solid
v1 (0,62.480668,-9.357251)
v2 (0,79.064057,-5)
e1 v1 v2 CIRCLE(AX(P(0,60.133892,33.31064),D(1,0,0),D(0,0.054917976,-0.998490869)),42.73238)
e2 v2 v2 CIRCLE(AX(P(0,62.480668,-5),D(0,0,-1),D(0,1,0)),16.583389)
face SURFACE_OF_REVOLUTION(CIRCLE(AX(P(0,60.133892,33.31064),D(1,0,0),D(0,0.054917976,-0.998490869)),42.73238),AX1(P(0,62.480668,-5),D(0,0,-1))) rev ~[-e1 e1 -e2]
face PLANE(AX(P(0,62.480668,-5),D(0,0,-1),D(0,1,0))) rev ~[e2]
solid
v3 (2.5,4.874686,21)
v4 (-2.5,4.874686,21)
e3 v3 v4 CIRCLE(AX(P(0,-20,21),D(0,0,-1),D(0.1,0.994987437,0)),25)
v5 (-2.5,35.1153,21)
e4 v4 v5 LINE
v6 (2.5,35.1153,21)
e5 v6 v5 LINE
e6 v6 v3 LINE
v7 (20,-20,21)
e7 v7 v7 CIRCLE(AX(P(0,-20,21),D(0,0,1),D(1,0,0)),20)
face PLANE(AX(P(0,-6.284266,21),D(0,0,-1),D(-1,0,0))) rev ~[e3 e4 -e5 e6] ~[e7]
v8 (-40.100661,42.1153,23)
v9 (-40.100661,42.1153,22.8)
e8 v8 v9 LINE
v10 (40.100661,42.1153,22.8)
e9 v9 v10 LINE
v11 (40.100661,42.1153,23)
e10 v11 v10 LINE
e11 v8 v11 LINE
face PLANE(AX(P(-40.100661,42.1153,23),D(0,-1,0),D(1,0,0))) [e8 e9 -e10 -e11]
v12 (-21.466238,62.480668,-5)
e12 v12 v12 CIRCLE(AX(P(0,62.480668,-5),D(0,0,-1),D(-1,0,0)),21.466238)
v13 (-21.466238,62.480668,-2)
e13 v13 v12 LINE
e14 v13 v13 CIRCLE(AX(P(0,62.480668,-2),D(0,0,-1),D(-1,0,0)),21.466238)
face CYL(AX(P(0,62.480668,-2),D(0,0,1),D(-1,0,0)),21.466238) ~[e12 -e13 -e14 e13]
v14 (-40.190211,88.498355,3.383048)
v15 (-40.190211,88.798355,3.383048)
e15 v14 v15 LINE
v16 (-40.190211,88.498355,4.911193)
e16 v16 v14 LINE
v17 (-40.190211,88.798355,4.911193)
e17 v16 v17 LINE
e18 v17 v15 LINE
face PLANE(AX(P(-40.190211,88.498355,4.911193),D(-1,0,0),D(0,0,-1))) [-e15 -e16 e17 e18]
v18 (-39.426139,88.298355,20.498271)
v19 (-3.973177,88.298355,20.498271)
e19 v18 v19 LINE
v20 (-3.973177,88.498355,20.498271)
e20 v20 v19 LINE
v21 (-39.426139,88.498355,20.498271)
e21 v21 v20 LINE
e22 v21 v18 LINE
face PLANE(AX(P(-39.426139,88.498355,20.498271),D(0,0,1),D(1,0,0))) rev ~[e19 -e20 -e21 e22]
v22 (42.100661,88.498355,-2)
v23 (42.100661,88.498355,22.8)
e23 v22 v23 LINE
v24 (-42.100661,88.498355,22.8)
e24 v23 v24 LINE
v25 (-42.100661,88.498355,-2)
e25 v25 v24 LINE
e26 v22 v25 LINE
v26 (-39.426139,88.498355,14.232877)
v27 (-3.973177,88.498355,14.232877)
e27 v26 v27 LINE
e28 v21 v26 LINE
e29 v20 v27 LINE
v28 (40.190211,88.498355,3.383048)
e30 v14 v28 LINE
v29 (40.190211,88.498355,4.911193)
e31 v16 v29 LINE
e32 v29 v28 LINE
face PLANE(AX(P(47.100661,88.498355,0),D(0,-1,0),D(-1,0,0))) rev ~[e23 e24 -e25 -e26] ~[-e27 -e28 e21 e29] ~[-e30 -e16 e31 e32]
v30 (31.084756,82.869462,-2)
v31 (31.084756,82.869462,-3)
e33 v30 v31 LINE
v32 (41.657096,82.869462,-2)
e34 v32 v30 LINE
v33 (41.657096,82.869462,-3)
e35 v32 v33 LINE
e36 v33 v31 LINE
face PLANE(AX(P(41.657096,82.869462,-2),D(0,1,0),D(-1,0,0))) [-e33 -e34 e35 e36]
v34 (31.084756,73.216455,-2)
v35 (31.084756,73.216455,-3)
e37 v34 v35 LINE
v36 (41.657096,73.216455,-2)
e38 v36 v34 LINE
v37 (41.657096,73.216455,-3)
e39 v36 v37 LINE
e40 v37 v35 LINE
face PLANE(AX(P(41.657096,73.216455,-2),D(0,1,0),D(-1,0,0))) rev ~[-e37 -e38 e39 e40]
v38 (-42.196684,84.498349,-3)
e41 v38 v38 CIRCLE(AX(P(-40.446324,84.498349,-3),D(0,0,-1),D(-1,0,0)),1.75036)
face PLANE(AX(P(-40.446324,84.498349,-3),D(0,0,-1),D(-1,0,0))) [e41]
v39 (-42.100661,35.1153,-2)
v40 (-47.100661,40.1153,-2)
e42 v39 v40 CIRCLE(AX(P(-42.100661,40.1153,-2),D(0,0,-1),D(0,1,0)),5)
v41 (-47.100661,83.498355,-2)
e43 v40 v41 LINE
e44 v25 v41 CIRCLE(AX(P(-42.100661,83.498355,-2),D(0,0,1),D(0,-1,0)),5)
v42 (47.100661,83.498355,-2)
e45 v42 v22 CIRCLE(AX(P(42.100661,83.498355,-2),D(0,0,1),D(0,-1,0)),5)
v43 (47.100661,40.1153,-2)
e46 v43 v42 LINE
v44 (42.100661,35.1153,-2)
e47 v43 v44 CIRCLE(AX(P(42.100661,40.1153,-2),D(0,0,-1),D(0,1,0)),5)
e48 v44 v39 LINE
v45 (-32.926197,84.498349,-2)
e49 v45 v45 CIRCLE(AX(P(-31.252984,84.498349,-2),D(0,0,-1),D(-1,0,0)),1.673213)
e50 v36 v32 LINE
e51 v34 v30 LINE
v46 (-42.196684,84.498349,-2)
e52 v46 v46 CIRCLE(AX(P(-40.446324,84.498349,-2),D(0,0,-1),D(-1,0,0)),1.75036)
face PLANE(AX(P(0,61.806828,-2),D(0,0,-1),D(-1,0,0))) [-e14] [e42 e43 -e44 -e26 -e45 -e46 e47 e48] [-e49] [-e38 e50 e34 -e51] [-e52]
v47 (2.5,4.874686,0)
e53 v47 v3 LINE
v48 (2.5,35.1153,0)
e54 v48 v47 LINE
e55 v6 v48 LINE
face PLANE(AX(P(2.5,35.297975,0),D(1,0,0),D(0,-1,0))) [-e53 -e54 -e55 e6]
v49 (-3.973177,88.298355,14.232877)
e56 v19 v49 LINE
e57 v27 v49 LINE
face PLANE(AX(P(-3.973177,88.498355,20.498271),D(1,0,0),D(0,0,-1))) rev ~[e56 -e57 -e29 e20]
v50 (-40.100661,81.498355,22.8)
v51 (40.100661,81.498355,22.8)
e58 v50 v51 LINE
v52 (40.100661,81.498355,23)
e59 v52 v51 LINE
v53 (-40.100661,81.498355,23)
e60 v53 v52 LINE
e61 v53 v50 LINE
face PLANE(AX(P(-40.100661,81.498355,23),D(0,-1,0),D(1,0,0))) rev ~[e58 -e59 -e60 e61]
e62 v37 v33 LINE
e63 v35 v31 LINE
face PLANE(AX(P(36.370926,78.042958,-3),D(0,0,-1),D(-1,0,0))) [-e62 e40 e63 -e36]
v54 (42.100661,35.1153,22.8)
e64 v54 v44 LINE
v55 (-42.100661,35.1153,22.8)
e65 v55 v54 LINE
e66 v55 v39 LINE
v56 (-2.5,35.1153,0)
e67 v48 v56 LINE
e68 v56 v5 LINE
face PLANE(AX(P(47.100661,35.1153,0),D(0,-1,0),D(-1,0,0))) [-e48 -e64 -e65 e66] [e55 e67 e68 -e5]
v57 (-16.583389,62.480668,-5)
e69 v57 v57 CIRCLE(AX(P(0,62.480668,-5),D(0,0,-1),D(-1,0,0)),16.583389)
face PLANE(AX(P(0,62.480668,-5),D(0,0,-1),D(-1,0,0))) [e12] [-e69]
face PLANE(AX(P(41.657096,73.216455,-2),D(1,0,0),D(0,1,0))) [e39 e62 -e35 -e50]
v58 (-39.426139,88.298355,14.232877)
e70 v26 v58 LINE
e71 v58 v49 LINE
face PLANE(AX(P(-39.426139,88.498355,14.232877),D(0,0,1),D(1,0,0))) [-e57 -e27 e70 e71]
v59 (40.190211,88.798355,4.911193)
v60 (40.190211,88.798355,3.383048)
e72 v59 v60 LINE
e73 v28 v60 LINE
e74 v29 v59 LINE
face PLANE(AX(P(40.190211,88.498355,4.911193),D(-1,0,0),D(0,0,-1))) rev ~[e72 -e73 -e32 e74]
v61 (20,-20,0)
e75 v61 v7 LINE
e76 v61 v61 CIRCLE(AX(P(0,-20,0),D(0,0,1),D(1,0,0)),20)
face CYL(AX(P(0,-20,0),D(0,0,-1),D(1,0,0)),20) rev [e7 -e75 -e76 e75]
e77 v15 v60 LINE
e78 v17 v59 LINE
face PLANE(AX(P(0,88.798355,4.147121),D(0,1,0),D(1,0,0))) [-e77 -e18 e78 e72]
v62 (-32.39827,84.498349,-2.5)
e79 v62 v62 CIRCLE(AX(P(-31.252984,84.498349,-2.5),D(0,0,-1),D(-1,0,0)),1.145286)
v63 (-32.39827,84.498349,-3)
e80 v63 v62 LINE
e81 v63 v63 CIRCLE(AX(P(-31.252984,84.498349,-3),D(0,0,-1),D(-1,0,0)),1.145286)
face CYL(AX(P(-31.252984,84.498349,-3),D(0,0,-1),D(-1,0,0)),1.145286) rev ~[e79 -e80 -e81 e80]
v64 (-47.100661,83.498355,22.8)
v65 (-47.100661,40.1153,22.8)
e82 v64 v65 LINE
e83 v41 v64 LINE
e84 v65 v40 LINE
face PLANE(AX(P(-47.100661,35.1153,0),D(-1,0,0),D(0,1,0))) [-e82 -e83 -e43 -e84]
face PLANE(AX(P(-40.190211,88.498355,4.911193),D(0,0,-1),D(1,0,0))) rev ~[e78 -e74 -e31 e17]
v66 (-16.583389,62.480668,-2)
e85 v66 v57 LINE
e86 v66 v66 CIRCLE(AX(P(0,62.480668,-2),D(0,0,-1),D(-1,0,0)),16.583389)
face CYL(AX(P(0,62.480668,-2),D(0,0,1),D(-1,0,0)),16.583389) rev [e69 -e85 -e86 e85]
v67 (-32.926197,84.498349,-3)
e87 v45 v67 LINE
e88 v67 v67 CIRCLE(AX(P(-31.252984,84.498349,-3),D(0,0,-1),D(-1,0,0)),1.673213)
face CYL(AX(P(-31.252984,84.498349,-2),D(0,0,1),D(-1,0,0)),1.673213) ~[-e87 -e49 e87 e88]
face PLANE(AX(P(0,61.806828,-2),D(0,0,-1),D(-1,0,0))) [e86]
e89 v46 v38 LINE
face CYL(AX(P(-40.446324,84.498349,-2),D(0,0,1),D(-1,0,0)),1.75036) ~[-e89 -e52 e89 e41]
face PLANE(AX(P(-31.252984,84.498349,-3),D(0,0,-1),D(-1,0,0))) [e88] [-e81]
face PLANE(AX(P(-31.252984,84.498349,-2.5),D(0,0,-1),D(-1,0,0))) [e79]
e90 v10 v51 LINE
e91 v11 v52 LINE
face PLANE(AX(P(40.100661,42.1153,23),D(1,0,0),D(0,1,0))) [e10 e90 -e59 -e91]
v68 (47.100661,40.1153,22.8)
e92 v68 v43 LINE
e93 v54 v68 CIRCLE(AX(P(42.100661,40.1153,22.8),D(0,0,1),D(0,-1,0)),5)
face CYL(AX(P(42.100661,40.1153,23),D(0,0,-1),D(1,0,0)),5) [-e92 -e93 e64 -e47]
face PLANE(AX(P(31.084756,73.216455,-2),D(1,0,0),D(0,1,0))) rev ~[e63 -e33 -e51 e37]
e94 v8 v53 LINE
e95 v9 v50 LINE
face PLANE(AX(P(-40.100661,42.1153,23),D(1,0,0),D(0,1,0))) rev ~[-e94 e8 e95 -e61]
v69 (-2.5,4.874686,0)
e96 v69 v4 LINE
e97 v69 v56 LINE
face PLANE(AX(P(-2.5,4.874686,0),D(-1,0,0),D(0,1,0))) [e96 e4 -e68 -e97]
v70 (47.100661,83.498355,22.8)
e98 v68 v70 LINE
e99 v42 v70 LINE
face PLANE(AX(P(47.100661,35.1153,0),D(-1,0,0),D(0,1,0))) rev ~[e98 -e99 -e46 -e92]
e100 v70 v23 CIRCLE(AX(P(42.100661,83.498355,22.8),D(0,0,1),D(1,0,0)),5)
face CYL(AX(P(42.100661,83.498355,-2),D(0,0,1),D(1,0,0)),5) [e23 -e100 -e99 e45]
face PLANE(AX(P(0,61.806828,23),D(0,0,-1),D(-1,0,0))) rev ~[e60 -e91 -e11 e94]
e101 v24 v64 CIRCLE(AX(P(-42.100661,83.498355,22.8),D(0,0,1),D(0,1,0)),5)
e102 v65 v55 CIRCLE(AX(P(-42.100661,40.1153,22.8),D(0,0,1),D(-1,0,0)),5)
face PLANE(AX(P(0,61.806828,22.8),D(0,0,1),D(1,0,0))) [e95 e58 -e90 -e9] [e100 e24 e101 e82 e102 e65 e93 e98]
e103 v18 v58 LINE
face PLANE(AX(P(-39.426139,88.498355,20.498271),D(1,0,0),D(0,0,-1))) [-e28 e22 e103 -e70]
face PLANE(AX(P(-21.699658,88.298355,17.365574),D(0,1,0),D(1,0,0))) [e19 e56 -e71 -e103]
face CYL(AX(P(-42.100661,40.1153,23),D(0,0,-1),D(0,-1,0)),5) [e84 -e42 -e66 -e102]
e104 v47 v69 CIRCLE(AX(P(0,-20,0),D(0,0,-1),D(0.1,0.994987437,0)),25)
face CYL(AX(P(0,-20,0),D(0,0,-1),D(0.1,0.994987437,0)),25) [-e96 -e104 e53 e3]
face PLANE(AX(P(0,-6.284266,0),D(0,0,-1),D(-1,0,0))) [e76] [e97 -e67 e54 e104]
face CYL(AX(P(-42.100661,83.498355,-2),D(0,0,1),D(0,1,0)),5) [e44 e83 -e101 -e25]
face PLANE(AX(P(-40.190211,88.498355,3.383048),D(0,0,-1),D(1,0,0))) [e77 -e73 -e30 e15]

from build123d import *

# Parameters (mm, degrees)
SKETCH1_R                = 20
BOSS_EXTRUDE1_DEPTH      = 21
SKETCH2_W                = 94.201321488
SKETCH2_H                = 53.383054243
BOSS_EXTRUDE2_DEPTH      = 2
BOSS_EXTRUDE2_DEPTH_BACK = 23
SKETCH3_R                = 21.466238287
SKETCH3_R_2              = 16.583389224
BOSS_EXTRUDE3_DEPTH      = 3
SKETCH5_R                = 1.673213121
SKETCH5_R_2              = 1.750359772
SKETCH5_W                = 10.5723409
SKETCH5_H                = 9.65300691
BOSS_EXTRUDE4_DEPTH      = 1
SKETCH6_R                = 1.145286075
CUT_EXTRUDE1_DEPTH       = 0.5
FILLET1_R                = 5
SKETCH7_W                = 80.380422704
SKETCH7_H                = 1.528144919
BOSS_EXTRUDE5_DEPTH      = 0.3
SKETCH8_W                = 35.452962105
SKETCH8_H                = 6.265394165
CUT_EXTRUDE2_DEPTH       = 0.2
SKETCH9_W                = 80.201321488
SKETCH9_H                = 39.383054243
CUT_EXTRUDE3_DEPTH       = 0.2


with BuildPart() as part:
    # Sketch1 → Boss-Extrude1 (new body)
    with BuildSketch(Plane.XY):
        with BuildLine():
            Line((-2.5, 4.874685928), (-2.5, 35.297974782))
            Line((-2.5, 35.297974782), (2.5, 35.297974782))
            Line((2.5, 35.297974782), (2.5, 4.874685928))
            ThreePointArc((2.5, 4.874685928), (0, -45), (-2.5, 4.874685928))
        make_face()
        with Locations((0, -20)):
            Circle(SKETCH1_R, mode=Mode.SUBTRACT)
    extrude(amount=BOSS_EXTRUDE1_DEPTH)

    # Sketch2 → Boss-Extrude2 (add, two sides)
    with BuildSketch(Plane(origin=(0, 0, 0), x_dir=(-1, 0, 0), z_dir=(0, 0, -1))) as boss_extrude2_sk:
        with Locations((0, 61.80682757)):
            Rectangle(SKETCH2_W, SKETCH2_H)
    extrude(amount=BOSS_EXTRUDE2_DEPTH)
    extrude(boss_extrude2_sk.sketch, amount=-BOSS_EXTRUDE2_DEPTH_BACK)

    # Sketch3 → Boss-Extrude3 (add)
    with BuildSketch(Plane(origin=(0, 0, -2), x_dir=(-1, 0, 0), z_dir=(0, 0, -1))):
        with Locations((0, 62.480667846)):
            Circle(SKETCH3_R)
        with Locations((0, 62.480667846)):
            Circle(SKETCH3_R_2, mode=Mode.SUBTRACT)
    extrude(amount=BOSS_EXTRUDE3_DEPTH)

    # Sketch5 → Boss-Extrude4 (add)
    with BuildSketch(Plane(origin=(0, 0, -2), x_dir=(-1, 0, 0), z_dir=(0, 0, -1))):
        with Locations((31.252984021, 84.498349336)):
            Circle(SKETCH5_R)
        with Locations((40.446323934, 84.498349336)):
            Circle(SKETCH5_R_2)
        with Locations((-36.370926049, 78.042958424)):
            Rectangle(SKETCH5_W, SKETCH5_H)
    extrude(amount=BOSS_EXTRUDE4_DEPTH)

    # Sketch6 → Cut-Extrude1 (cut)
    with BuildSketch(Plane(origin=(0, 0, -3), x_dir=(-1, 0, 0), z_dir=(0, 0, -1))):
        with Locations((31.252984021, 84.498349336)):
            Circle(SKETCH6_R)
    extrude(amount=-CUT_EXTRUDE1_DEPTH, mode=Mode.SUBTRACT)

    # Fillet1
    fillet1_edges = [part.edges().sort_by_distance(p)[0] for p in [
        (47.100660744, 35.115300448, 10.5),
        (-47.100660744, 35.115300448, 10.5),
        (-47.100660744, 88.498354691, 10.5),
        (47.100660744, 88.498354691, 10.5),
    ]]
    fillet(fillet1_edges, radius=FILLET1_R)

    # Sketch7 → Boss-Extrude5 (add)
    with BuildSketch(Plane(origin=(0, 88.498354691, 0), x_dir=(1, 0, 0), z_dir=(0, 1, 0))):
        with Locations((0, -4.147120871)):
            Rectangle(SKETCH7_W, SKETCH7_H)
    extrude(amount=BOSS_EXTRUDE5_DEPTH)

    # Sketch8 → Cut-Extrude2 (cut)
    with BuildSketch(Plane(origin=(0, 88.498354691, 0), x_dir=(1, 0, 0), z_dir=(0, 1, 0))):
        with Locations((-21.699657841, -17.365574415)):
            Rectangle(SKETCH8_W, SKETCH8_H)
    extrude(amount=-CUT_EXTRUDE2_DEPTH, mode=Mode.SUBTRACT)

    # Sketch9 → Cut-Extrude3 (cut)
    with BuildSketch(Plane.XY.offset(23)):
        with BuildLine():
            Line((-47.100660744, 83.498354691), (-47.100660744, 40.115300448))
            ThreePointArc((-47.100660744, 40.115300448), (-45.63619465, 36.579766542), (-42.100660744, 35.115300448))
            Line((-42.100660744, 35.115300448), (42.100660744, 35.115300448))
            ThreePointArc((42.100660744, 35.115300448), (45.63619465, 36.579766542), (47.100660744, 40.115300448))
            Line((47.100660744, 40.115300448), (47.100660744, 83.498354691))
            ThreePointArc((47.100660744, 83.498354691), (45.63619465, 87.033888597), (42.100660744, 88.498354691))
            Line((42.100660744, 88.498354691), (-42.100660744, 88.498354691))
            ThreePointArc((-42.100660744, 88.498354691), (-45.63619465, 87.033888597), (-47.100660744, 83.498354691))
        make_face()
        with Locations((0, 61.80682757)):
            Rectangle(SKETCH9_W, SKETCH9_H, mode=Mode.SUBTRACT)
    extrude(amount=-CUT_EXTRUDE3_DEPTH, mode=Mode.SUBTRACT)


with BuildPart() as body_2:
    # Sketch4 → Revolve2 (revolve)
    with BuildSketch(Plane(origin=(0, 0, 0), x_dir=(0, 0, -1), z_dir=(1, 0, 0))):
        with BuildLine():
            Line((5, 79.06405707), (5, 62.480667846))
            Line((5, 62.480667846), (9.357251045, 62.480667846))
            ThreePointArc((9.357251045, 62.480667846), (8.01892353, 70.993149013), (5, 79.06405707))
        make_face()
    revolve(axis=Axis((0, 62.480667846, -5), (0, 0, -1)))


solid = Compound([part.part, body_2.part])
